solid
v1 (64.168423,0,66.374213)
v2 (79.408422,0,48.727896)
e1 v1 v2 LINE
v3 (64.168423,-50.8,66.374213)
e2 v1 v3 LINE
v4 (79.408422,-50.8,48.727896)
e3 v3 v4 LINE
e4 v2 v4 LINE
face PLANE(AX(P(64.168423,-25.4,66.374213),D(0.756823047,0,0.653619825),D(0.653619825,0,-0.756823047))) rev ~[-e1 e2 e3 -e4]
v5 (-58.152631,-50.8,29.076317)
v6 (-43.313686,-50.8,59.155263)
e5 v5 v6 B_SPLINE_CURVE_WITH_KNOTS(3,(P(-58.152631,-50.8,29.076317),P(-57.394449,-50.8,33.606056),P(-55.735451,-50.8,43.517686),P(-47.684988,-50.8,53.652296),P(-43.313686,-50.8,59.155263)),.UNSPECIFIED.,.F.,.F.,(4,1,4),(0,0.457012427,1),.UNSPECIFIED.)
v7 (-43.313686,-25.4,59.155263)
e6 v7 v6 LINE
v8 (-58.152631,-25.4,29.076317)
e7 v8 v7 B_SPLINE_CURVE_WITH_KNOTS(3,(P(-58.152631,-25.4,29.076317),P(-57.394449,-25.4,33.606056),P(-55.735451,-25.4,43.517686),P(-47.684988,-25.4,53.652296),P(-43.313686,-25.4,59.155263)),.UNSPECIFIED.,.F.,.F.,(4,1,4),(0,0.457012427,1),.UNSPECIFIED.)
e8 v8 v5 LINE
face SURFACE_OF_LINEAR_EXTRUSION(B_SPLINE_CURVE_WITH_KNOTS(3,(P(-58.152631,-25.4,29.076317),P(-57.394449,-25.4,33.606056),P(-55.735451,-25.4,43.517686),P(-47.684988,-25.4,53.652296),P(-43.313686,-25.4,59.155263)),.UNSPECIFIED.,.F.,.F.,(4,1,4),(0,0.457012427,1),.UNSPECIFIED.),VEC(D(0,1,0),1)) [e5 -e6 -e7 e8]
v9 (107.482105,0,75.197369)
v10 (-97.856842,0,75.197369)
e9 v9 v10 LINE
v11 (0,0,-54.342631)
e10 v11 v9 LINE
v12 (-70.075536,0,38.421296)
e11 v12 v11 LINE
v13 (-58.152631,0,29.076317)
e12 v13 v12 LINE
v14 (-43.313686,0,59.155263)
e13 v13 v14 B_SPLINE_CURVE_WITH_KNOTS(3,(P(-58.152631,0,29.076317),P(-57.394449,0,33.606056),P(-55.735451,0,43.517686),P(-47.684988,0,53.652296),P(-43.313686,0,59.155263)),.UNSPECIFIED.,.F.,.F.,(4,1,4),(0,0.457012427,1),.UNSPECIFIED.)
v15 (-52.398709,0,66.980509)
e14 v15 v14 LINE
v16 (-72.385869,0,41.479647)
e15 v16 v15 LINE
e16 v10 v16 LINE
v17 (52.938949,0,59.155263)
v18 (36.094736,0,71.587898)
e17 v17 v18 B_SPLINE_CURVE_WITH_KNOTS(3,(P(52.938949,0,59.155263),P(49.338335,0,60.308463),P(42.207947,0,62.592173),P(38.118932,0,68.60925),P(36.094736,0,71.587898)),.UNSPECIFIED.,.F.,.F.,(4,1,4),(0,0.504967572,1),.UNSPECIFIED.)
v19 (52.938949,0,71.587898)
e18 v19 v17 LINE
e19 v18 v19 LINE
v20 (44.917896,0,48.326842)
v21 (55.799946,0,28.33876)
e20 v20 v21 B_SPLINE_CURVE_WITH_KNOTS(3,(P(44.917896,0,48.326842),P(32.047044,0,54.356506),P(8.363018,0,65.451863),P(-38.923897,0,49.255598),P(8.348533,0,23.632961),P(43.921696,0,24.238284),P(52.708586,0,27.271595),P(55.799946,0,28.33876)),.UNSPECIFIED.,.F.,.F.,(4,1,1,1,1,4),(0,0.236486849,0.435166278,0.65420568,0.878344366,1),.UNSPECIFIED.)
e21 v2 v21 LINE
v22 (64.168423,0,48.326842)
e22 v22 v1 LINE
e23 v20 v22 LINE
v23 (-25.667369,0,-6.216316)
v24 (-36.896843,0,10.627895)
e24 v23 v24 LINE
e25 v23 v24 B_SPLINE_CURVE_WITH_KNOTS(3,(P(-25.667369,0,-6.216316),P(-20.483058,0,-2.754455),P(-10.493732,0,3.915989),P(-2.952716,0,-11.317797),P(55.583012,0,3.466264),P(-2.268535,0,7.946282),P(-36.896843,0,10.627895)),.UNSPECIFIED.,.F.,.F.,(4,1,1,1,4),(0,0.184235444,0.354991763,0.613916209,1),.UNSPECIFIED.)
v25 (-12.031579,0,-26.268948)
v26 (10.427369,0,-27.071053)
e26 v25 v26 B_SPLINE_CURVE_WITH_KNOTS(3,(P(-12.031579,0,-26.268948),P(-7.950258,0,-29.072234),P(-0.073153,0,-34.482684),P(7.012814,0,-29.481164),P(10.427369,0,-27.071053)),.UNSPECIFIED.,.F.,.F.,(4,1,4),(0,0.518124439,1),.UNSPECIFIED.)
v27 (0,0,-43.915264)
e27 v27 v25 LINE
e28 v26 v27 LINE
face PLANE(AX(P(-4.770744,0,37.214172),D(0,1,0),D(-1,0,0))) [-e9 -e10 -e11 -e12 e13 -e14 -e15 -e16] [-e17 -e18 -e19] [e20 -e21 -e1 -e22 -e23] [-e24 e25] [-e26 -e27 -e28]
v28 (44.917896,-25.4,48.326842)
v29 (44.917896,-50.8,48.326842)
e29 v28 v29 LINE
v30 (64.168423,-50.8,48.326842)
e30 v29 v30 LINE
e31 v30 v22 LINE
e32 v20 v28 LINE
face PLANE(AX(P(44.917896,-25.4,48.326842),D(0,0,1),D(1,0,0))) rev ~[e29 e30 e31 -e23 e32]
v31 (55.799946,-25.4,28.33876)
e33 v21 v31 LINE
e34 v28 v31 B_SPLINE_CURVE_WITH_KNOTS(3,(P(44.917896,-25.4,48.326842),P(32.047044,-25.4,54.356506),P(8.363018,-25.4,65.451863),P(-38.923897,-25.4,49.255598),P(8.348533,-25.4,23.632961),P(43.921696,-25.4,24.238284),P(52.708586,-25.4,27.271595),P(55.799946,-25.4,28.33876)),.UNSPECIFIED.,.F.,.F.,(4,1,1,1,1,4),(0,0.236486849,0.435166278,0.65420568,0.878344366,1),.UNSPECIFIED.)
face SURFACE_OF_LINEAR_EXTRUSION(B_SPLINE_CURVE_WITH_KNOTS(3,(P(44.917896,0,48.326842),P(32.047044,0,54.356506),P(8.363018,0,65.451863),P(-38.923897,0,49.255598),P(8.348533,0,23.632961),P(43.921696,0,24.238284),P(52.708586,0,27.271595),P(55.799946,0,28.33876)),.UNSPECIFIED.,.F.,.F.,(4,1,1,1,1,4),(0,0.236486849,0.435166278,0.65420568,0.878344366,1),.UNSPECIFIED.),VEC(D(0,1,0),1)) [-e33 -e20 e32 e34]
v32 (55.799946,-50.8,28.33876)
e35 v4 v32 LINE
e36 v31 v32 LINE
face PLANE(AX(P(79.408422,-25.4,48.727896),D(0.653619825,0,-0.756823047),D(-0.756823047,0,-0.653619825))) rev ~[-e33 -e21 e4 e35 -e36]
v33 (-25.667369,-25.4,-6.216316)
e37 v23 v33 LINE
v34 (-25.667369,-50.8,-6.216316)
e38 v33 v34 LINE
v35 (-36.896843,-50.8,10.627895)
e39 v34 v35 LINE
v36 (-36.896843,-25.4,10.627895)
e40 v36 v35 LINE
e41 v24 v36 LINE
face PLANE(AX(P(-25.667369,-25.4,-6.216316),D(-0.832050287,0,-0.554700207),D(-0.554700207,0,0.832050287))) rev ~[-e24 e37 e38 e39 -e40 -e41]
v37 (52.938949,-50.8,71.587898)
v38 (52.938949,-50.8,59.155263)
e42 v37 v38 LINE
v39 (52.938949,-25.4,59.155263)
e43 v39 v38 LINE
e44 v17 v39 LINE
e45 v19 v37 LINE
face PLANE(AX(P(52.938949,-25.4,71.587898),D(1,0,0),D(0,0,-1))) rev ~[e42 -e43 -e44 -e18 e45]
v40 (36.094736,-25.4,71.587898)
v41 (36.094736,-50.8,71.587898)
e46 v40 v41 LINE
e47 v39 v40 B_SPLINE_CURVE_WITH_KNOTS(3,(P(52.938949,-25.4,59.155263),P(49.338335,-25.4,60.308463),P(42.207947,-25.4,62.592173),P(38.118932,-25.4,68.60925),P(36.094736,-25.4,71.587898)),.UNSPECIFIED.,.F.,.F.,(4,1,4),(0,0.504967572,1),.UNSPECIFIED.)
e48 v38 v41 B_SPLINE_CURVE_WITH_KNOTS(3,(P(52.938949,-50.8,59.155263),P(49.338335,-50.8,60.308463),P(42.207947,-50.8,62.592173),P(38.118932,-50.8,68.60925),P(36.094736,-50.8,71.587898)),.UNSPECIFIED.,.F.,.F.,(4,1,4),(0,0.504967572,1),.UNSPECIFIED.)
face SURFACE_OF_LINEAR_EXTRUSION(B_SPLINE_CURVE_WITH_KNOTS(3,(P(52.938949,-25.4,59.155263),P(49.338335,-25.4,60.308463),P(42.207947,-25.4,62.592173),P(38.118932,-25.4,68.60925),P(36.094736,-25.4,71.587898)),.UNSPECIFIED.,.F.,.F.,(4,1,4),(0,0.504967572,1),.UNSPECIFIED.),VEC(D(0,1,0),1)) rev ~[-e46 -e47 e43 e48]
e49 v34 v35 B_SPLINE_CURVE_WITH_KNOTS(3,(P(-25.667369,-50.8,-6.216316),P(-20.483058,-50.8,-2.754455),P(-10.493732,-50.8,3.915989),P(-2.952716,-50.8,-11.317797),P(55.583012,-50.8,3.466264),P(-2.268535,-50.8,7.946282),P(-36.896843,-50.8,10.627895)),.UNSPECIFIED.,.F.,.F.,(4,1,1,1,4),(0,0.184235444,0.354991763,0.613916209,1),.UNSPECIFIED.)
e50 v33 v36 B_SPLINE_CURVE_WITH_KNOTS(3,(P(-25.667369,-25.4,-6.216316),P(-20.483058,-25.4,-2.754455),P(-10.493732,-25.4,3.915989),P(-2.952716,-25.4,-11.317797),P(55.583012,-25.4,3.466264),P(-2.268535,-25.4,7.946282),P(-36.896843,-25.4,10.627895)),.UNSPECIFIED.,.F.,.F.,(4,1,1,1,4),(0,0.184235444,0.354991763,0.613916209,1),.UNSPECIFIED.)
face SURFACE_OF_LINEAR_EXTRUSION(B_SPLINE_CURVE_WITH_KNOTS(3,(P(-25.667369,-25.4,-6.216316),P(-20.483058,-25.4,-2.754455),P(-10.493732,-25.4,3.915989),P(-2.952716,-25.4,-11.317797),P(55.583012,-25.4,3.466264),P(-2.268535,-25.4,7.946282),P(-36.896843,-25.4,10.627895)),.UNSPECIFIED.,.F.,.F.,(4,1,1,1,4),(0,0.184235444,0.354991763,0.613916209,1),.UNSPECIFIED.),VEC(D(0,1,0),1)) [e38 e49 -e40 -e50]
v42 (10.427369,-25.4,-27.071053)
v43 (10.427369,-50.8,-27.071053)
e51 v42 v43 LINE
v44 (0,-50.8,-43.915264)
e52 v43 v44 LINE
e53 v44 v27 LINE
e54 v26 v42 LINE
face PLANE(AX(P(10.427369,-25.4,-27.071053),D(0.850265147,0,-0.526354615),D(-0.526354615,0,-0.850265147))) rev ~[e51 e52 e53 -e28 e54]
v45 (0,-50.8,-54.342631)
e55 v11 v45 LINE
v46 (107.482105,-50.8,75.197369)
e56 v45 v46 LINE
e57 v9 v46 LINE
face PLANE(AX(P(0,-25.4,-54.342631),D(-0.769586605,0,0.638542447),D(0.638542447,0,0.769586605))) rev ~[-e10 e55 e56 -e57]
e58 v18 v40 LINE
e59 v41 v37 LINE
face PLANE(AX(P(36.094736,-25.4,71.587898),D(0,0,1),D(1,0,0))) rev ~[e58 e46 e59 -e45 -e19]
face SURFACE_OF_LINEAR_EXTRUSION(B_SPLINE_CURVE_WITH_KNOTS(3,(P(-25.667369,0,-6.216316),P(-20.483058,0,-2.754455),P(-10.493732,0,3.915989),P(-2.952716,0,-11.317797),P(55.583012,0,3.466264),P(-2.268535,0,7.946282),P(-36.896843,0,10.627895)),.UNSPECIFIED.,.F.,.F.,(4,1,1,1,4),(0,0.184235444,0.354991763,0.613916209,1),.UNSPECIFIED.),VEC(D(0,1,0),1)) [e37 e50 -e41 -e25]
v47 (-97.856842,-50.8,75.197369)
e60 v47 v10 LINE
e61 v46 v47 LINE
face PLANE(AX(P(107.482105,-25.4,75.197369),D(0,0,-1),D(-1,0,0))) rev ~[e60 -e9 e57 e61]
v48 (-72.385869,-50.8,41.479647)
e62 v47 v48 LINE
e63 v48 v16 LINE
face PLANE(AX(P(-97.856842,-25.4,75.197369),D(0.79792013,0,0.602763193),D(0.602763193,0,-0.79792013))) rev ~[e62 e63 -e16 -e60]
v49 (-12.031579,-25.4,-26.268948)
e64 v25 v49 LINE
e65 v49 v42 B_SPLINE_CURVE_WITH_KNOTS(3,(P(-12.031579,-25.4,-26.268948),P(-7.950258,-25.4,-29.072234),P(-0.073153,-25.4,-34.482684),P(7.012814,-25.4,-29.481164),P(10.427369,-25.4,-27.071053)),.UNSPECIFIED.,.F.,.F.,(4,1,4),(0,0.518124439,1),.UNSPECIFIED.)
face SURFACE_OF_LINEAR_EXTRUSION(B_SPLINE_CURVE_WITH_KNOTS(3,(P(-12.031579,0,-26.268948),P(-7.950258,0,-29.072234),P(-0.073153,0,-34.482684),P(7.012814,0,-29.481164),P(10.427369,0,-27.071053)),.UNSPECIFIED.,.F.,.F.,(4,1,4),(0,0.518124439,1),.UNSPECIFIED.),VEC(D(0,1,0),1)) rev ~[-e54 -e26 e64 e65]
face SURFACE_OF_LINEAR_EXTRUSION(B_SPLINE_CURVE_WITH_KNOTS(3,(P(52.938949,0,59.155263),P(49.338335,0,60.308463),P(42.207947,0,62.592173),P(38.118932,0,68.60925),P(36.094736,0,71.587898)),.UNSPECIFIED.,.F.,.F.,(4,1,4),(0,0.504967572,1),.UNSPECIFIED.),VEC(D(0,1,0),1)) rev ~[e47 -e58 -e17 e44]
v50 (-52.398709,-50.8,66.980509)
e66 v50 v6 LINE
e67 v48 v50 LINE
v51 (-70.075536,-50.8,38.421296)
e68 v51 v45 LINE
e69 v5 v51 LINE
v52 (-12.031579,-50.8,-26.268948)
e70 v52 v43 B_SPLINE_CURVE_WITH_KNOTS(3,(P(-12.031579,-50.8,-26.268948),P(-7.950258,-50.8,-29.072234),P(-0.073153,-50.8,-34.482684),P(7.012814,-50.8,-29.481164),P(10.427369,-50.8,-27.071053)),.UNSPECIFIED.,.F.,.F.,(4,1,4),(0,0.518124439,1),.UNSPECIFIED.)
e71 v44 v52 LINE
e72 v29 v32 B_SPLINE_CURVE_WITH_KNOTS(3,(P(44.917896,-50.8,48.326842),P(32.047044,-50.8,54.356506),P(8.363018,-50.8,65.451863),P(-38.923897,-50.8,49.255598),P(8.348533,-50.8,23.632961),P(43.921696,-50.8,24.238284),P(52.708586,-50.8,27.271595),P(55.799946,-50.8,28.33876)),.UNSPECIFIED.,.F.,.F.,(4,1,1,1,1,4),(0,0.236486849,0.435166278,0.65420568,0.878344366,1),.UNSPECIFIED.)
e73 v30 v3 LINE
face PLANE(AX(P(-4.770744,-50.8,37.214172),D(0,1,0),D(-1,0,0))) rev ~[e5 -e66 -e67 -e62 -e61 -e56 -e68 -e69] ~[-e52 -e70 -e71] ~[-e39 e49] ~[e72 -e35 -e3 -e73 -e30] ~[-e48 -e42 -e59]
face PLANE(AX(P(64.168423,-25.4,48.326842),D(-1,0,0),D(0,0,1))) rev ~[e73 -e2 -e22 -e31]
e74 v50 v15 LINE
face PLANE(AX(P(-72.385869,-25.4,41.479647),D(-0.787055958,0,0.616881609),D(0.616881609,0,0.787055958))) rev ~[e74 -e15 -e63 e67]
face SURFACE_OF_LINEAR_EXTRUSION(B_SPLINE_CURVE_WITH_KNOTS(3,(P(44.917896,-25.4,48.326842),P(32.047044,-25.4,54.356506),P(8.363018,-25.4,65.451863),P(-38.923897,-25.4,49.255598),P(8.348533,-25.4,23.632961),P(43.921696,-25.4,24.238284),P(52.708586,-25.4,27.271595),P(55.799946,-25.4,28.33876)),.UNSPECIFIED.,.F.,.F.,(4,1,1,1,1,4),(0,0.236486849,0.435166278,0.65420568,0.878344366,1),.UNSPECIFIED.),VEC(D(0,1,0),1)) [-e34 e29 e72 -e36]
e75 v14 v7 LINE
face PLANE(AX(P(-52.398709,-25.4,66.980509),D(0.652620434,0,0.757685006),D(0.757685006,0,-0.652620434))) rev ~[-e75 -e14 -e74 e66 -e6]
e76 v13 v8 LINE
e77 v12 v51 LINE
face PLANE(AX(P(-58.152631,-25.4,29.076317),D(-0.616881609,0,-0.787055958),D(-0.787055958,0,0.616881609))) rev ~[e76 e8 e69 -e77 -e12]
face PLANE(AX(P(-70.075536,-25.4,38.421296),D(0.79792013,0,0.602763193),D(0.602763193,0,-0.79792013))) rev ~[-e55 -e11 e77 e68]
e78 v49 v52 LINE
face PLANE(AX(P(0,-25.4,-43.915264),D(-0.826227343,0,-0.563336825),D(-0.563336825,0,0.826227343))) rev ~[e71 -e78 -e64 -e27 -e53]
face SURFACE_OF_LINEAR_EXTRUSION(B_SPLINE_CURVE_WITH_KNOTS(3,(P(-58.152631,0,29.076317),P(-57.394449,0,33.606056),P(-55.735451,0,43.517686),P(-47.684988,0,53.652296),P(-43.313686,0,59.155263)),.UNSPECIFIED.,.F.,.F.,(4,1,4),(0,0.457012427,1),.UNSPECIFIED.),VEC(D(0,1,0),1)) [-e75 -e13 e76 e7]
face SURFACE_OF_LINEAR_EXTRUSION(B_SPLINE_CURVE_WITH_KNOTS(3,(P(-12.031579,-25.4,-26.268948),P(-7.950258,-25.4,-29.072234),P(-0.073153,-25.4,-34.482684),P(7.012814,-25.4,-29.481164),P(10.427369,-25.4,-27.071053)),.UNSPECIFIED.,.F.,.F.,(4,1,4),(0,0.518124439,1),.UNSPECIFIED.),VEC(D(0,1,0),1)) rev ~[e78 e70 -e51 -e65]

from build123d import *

# Parameters (mm, degrees)
F1_DEPTH = 25.4
F2_DEPTH = 25.4


with BuildPart() as f1:
    # F0 (on Front) → F1 (new body)
    with BuildSketch(Plane.XZ):
        with BuildLine():
            add(Edge.make_bspline(
                [(-58.1526309252, 29.0763173252), (-57.3944485836, 33.6060555396), (-55.735451373, 43.51768583), (-47.6849875937, 53.6522957583), (-43.3136858046, 59.1552630067)],
                knots=[0, 0, 0, 0, 0.457012427, 1, 1, 1, 1], degree=3))
            Line((-58.1526309252, 29.0763173252), (-70.0755358951, 38.4212955615))
            Line((-70.0755358951, 38.4212955615), (0, -54.3426312506))
            Line((0, -54.3426312506), (107.4821054935, 75.1973688602))
            Line((107.4821054935, 75.1973688602), (-97.8568419814, 75.1973688602))
            Line((-97.8568419814, 75.1973688602), (-72.3858691105, 41.4796465047))
            Line((-72.3858691105, 41.4796465047), (-52.398709141, 66.9805094186))
            Line((-52.398709141, 66.9805094186), (-43.3136858046, 59.1552630067))
        make_face()
        with BuildLine():
            Line((0, -43.9152643085), (-12.0315793902, -26.2689478695))
            add(Edge.make_bspline(
                [(-12.0315793902, -26.2689478695), (-7.9502584485, -29.0722343036), (-0.0731528122, -34.4826844213), (7.0128143878, -29.481163743), (10.4273688048, -27.0710531622)],
                knots=[0, 0, 0, 0, 0.5181244394, 1, 1, 1, 1], degree=3))
            Line((10.4273688048, -27.0710531622), (0, -43.9152643085))
        make_face(mode=Mode.SUBTRACT)
        with BuildLine():
            Line((-25.6673693657, -6.2163160183), (-36.8968434632, 10.6278946623))
            add(Edge.make_bspline(
                [(-25.6673693657, -6.2163160183), (-20.4830578723, -2.7544549925), (-10.4937320697, 3.9159886553), (-2.9527164106, -11.3177974238), (55.5830117713, 3.4662635099), (-2.2685347358, 7.9462817434), (-36.8968434632, 10.6278946623)],
                knots=[0, 0, 0, 0, 0.1842354441, 0.3549917627, 0.6139162093, 1, 1, 1, 1], degree=3))
        make_face(mode=Mode.SUBTRACT)
        with BuildLine():
            Line((64.1684234142, 48.3268424869), (64.1684234142, 66.3742125034))
            Line((64.1684234142, 66.3742125034), (79.4084221125, 48.7278960645))
            Line((79.4084221125, 48.7278960645), (55.7999456964, 28.3387598335))
            add(Edge.make_bspline(
                [(44.91789639, 48.3268424869), (32.04704438, 54.3565057976), (8.3630180819, 65.4518633008), (-38.923897459, 49.2555976275), (8.3485326302, 23.6329614756), (43.9216959455, 24.2382840196), (52.7085858822, 27.2715953593), (55.7999456964, 28.3387598335)],
                knots=[0, 0, 0, 0, 0.2364868494, 0.4351662776, 0.6542056796, 0.878344366, 1, 1, 1, 1], degree=3))
            Line((44.91789639, 48.3268424869), (64.1684234142, 48.3268424869))
        make_face(mode=Mode.SUBTRACT)
        with BuildLine():
            Line((36.0947363079, 71.5878978372), (52.9389493167, 71.5878978372))
            Line((52.9389493167, 71.5878978372), (52.9389493167, 59.1552630067))
            add(Edge.make_bspline(
                [(52.9389493167, 59.1552630067), (49.3383348837, 60.3084625182), (42.2079474395, 62.5921725544), (38.1189316992, 68.609249584), (36.0947363079, 71.5878978372)],
                knots=[0, 0, 0, 0, 0.5049675717, 1, 1, 1, 1], degree=3))
        make_face(mode=Mode.SUBTRACT)
    extrude(amount=F1_DEPTH)

    # F2 (add): a face of the model
    f2_faces = [f1.faces().sort_by_distance(p)[0] for p in [
        (-64.263853188, -25.4, 33.5577208375),
    ]]
    extrude(f2_faces, amount=F2_DEPTH)


solid = f1.part
